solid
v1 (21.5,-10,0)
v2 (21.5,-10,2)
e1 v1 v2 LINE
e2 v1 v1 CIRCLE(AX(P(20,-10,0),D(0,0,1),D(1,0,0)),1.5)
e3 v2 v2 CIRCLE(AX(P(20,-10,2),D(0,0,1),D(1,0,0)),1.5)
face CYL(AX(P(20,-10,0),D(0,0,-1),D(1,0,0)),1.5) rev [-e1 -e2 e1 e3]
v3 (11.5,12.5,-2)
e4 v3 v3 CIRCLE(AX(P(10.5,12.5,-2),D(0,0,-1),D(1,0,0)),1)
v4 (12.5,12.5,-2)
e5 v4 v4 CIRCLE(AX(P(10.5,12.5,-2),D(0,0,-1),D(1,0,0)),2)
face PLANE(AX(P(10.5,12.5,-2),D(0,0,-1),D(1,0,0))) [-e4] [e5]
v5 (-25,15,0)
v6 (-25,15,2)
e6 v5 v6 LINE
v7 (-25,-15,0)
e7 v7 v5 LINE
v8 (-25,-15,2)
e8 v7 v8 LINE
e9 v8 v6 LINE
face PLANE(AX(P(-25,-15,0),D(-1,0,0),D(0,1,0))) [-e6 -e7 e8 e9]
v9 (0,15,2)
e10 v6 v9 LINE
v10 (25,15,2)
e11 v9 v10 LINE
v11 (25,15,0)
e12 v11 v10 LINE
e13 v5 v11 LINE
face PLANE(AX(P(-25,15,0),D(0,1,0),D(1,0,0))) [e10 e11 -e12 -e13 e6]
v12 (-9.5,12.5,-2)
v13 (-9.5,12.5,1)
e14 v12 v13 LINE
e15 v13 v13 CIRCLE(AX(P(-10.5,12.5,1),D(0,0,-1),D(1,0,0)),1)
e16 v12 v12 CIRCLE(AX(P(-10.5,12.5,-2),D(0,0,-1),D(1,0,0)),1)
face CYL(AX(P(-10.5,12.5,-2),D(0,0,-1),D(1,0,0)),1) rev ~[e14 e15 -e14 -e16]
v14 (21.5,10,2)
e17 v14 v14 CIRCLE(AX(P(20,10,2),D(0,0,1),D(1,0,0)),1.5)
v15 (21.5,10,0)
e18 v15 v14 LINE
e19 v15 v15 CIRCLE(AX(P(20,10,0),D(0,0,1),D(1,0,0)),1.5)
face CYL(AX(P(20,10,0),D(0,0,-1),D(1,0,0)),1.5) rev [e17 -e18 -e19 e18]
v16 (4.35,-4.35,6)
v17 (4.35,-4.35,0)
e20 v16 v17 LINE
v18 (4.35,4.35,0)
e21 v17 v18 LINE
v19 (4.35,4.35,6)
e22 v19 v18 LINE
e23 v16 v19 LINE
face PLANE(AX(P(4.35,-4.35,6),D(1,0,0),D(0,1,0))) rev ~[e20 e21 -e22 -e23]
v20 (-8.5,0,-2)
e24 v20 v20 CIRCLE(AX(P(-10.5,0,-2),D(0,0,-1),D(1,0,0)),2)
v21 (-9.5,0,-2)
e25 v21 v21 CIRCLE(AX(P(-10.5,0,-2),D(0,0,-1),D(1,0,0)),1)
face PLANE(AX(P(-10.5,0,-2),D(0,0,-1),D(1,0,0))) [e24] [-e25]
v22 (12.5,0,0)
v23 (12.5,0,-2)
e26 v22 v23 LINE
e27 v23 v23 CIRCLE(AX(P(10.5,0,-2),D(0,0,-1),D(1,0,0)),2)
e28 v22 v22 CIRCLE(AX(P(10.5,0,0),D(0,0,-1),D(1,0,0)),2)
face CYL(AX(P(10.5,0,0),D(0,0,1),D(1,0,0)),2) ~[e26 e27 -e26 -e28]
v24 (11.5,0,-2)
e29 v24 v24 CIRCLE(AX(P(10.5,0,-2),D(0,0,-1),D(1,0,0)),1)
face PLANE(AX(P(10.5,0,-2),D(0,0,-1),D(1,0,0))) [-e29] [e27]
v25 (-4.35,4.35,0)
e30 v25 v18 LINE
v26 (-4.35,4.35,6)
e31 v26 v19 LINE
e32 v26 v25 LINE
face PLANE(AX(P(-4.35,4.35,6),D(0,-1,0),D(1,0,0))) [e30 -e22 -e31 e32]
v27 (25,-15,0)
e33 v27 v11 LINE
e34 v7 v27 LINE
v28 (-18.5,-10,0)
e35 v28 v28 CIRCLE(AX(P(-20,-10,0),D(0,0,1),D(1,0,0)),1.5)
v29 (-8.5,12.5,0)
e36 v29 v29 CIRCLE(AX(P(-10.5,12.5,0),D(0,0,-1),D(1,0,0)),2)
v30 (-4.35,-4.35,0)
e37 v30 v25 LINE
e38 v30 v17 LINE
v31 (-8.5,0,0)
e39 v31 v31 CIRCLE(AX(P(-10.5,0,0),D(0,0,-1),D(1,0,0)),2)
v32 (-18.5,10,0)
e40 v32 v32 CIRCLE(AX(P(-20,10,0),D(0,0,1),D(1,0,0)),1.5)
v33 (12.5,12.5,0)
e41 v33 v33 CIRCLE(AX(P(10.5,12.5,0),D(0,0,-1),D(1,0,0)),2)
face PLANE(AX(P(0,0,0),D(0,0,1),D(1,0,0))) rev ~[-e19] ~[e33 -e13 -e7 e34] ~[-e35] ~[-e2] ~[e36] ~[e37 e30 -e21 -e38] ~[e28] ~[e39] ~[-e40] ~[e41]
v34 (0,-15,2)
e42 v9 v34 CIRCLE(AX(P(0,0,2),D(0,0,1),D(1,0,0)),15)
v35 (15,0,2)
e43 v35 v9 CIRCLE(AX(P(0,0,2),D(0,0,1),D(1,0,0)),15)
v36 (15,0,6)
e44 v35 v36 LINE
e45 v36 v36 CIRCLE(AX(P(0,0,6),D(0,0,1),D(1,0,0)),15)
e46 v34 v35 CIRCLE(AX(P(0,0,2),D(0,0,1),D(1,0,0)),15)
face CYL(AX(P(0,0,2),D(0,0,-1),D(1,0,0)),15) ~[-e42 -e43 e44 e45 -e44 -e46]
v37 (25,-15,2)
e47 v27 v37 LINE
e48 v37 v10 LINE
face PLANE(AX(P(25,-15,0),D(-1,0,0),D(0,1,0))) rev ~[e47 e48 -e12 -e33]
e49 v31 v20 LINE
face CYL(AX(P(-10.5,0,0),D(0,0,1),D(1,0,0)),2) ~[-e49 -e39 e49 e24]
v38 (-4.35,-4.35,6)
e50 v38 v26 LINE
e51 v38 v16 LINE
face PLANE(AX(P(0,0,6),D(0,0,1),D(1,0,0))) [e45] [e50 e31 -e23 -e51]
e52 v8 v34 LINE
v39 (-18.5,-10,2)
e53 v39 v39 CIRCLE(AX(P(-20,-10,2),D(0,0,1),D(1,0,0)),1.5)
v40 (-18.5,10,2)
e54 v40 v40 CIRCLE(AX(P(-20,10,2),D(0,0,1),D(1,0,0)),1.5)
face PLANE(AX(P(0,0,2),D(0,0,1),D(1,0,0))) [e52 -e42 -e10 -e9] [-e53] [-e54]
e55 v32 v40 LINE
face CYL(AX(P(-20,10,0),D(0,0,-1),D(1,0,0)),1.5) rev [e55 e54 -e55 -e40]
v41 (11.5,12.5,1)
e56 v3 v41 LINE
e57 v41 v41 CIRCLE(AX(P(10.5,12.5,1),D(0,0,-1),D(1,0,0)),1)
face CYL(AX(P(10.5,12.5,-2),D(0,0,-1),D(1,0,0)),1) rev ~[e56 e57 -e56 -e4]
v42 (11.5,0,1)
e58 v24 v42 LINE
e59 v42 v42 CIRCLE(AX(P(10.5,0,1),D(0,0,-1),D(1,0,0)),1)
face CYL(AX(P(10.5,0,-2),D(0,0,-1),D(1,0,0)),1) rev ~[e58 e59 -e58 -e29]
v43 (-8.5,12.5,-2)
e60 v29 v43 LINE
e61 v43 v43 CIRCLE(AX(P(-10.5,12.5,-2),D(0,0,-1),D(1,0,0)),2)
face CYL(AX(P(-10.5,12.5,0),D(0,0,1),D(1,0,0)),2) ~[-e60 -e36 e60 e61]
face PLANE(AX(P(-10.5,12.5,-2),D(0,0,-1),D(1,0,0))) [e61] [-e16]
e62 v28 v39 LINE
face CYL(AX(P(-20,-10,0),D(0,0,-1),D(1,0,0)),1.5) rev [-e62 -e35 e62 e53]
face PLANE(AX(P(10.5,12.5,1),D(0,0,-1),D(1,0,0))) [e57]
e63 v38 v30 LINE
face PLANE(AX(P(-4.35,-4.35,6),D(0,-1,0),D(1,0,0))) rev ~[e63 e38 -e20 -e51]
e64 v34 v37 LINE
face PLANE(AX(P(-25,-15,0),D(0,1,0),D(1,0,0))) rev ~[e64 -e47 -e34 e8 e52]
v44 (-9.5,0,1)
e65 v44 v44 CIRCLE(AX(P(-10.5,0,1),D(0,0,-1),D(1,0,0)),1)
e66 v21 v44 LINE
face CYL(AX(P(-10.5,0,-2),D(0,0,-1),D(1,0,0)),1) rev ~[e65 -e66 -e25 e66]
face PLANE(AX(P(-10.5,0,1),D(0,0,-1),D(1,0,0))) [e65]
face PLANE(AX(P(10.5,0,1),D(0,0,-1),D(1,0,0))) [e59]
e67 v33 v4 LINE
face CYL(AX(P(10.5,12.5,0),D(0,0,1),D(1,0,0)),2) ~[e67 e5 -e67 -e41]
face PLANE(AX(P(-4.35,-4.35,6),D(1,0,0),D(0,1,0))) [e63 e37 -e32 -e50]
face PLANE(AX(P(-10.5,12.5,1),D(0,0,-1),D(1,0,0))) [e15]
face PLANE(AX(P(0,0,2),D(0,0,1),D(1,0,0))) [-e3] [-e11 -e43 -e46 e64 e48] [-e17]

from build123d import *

# Parameters (mm, degrees)
SKETCH_W        = 50
SKETCH_H        = 30
SKETCH_R        = 1.5
PAD_DEPTH       = 2
SKETCH001_R     = 15
PAD001_DEPTH    = 4
SKETCH002_W     = 8.7
SKETCH002_H     = 8.7
POCKET_DEPTH    = 7
SKETCH003_R     = 2
PAD002_DEPTH    = 2
SKETCH004_R     = 1
POCKET001_DEPTH = 3


with BuildPart() as part:
    # Sketch → Pad (new body)
    with BuildSketch(Plane.XY):
        Rectangle(SKETCH_W, SKETCH_H)
        with Locations((-20, 10)):
            Circle(SKETCH_R, mode=Mode.SUBTRACT)
        with Locations((-20, -10)):
            Circle(SKETCH_R, mode=Mode.SUBTRACT)
        with Locations((20, -10)):
            Circle(SKETCH_R, mode=Mode.SUBTRACT)
        with Locations((20, 10)):
            Circle(SKETCH_R, mode=Mode.SUBTRACT)
    extrude(amount=PAD_DEPTH)

    # Sketch001 → Pad001 (new body)
    with BuildSketch(Plane.XY.offset(2)):
        Circle(SKETCH001_R)
    extrude(amount=PAD001_DEPTH)

    # Sketch002 → Pocket (cut)
    with BuildSketch(Plane.XY.offset(6)):
        Rectangle(SKETCH002_W, SKETCH002_H)
    extrude(amount=-POCKET_DEPTH, mode=Mode.SUBTRACT)

    # Sketch003 → Pad002 (new body)
    with BuildSketch(Plane(origin=(0, 0, 0), x_dir=(1, 0, 0), z_dir=(0, 0, -1))):
        with Locations((-10.5, 0)):
            Circle(SKETCH003_R)
        with Locations((10.5, -12.5)):
            Circle(SKETCH003_R)
        with Locations((-10.5, -12.5)):
            Circle(SKETCH003_R)
        with Locations((10.5, 0)):
            Circle(SKETCH003_R)
    extrude(amount=PAD002_DEPTH)

    # Sketch004 → Pocket001 (cut)
    with BuildSketch(Plane(origin=(0, 0, -2), x_dir=(1, 0, 0), z_dir=(0, 0, -1))):
        with Locations((-10.5, 0)):
            Circle(SKETCH004_R)
        with Locations((10.5, 0)):
            Circle(SKETCH004_R)
        with Locations((10.5, -12.5)):
            Circle(SKETCH004_R)
        with Locations((-10.5, -12.5)):
            Circle(SKETCH004_R)
    extrude(amount=-POCKET001_DEPTH, mode=Mode.SUBTRACT)


solid = part.part
